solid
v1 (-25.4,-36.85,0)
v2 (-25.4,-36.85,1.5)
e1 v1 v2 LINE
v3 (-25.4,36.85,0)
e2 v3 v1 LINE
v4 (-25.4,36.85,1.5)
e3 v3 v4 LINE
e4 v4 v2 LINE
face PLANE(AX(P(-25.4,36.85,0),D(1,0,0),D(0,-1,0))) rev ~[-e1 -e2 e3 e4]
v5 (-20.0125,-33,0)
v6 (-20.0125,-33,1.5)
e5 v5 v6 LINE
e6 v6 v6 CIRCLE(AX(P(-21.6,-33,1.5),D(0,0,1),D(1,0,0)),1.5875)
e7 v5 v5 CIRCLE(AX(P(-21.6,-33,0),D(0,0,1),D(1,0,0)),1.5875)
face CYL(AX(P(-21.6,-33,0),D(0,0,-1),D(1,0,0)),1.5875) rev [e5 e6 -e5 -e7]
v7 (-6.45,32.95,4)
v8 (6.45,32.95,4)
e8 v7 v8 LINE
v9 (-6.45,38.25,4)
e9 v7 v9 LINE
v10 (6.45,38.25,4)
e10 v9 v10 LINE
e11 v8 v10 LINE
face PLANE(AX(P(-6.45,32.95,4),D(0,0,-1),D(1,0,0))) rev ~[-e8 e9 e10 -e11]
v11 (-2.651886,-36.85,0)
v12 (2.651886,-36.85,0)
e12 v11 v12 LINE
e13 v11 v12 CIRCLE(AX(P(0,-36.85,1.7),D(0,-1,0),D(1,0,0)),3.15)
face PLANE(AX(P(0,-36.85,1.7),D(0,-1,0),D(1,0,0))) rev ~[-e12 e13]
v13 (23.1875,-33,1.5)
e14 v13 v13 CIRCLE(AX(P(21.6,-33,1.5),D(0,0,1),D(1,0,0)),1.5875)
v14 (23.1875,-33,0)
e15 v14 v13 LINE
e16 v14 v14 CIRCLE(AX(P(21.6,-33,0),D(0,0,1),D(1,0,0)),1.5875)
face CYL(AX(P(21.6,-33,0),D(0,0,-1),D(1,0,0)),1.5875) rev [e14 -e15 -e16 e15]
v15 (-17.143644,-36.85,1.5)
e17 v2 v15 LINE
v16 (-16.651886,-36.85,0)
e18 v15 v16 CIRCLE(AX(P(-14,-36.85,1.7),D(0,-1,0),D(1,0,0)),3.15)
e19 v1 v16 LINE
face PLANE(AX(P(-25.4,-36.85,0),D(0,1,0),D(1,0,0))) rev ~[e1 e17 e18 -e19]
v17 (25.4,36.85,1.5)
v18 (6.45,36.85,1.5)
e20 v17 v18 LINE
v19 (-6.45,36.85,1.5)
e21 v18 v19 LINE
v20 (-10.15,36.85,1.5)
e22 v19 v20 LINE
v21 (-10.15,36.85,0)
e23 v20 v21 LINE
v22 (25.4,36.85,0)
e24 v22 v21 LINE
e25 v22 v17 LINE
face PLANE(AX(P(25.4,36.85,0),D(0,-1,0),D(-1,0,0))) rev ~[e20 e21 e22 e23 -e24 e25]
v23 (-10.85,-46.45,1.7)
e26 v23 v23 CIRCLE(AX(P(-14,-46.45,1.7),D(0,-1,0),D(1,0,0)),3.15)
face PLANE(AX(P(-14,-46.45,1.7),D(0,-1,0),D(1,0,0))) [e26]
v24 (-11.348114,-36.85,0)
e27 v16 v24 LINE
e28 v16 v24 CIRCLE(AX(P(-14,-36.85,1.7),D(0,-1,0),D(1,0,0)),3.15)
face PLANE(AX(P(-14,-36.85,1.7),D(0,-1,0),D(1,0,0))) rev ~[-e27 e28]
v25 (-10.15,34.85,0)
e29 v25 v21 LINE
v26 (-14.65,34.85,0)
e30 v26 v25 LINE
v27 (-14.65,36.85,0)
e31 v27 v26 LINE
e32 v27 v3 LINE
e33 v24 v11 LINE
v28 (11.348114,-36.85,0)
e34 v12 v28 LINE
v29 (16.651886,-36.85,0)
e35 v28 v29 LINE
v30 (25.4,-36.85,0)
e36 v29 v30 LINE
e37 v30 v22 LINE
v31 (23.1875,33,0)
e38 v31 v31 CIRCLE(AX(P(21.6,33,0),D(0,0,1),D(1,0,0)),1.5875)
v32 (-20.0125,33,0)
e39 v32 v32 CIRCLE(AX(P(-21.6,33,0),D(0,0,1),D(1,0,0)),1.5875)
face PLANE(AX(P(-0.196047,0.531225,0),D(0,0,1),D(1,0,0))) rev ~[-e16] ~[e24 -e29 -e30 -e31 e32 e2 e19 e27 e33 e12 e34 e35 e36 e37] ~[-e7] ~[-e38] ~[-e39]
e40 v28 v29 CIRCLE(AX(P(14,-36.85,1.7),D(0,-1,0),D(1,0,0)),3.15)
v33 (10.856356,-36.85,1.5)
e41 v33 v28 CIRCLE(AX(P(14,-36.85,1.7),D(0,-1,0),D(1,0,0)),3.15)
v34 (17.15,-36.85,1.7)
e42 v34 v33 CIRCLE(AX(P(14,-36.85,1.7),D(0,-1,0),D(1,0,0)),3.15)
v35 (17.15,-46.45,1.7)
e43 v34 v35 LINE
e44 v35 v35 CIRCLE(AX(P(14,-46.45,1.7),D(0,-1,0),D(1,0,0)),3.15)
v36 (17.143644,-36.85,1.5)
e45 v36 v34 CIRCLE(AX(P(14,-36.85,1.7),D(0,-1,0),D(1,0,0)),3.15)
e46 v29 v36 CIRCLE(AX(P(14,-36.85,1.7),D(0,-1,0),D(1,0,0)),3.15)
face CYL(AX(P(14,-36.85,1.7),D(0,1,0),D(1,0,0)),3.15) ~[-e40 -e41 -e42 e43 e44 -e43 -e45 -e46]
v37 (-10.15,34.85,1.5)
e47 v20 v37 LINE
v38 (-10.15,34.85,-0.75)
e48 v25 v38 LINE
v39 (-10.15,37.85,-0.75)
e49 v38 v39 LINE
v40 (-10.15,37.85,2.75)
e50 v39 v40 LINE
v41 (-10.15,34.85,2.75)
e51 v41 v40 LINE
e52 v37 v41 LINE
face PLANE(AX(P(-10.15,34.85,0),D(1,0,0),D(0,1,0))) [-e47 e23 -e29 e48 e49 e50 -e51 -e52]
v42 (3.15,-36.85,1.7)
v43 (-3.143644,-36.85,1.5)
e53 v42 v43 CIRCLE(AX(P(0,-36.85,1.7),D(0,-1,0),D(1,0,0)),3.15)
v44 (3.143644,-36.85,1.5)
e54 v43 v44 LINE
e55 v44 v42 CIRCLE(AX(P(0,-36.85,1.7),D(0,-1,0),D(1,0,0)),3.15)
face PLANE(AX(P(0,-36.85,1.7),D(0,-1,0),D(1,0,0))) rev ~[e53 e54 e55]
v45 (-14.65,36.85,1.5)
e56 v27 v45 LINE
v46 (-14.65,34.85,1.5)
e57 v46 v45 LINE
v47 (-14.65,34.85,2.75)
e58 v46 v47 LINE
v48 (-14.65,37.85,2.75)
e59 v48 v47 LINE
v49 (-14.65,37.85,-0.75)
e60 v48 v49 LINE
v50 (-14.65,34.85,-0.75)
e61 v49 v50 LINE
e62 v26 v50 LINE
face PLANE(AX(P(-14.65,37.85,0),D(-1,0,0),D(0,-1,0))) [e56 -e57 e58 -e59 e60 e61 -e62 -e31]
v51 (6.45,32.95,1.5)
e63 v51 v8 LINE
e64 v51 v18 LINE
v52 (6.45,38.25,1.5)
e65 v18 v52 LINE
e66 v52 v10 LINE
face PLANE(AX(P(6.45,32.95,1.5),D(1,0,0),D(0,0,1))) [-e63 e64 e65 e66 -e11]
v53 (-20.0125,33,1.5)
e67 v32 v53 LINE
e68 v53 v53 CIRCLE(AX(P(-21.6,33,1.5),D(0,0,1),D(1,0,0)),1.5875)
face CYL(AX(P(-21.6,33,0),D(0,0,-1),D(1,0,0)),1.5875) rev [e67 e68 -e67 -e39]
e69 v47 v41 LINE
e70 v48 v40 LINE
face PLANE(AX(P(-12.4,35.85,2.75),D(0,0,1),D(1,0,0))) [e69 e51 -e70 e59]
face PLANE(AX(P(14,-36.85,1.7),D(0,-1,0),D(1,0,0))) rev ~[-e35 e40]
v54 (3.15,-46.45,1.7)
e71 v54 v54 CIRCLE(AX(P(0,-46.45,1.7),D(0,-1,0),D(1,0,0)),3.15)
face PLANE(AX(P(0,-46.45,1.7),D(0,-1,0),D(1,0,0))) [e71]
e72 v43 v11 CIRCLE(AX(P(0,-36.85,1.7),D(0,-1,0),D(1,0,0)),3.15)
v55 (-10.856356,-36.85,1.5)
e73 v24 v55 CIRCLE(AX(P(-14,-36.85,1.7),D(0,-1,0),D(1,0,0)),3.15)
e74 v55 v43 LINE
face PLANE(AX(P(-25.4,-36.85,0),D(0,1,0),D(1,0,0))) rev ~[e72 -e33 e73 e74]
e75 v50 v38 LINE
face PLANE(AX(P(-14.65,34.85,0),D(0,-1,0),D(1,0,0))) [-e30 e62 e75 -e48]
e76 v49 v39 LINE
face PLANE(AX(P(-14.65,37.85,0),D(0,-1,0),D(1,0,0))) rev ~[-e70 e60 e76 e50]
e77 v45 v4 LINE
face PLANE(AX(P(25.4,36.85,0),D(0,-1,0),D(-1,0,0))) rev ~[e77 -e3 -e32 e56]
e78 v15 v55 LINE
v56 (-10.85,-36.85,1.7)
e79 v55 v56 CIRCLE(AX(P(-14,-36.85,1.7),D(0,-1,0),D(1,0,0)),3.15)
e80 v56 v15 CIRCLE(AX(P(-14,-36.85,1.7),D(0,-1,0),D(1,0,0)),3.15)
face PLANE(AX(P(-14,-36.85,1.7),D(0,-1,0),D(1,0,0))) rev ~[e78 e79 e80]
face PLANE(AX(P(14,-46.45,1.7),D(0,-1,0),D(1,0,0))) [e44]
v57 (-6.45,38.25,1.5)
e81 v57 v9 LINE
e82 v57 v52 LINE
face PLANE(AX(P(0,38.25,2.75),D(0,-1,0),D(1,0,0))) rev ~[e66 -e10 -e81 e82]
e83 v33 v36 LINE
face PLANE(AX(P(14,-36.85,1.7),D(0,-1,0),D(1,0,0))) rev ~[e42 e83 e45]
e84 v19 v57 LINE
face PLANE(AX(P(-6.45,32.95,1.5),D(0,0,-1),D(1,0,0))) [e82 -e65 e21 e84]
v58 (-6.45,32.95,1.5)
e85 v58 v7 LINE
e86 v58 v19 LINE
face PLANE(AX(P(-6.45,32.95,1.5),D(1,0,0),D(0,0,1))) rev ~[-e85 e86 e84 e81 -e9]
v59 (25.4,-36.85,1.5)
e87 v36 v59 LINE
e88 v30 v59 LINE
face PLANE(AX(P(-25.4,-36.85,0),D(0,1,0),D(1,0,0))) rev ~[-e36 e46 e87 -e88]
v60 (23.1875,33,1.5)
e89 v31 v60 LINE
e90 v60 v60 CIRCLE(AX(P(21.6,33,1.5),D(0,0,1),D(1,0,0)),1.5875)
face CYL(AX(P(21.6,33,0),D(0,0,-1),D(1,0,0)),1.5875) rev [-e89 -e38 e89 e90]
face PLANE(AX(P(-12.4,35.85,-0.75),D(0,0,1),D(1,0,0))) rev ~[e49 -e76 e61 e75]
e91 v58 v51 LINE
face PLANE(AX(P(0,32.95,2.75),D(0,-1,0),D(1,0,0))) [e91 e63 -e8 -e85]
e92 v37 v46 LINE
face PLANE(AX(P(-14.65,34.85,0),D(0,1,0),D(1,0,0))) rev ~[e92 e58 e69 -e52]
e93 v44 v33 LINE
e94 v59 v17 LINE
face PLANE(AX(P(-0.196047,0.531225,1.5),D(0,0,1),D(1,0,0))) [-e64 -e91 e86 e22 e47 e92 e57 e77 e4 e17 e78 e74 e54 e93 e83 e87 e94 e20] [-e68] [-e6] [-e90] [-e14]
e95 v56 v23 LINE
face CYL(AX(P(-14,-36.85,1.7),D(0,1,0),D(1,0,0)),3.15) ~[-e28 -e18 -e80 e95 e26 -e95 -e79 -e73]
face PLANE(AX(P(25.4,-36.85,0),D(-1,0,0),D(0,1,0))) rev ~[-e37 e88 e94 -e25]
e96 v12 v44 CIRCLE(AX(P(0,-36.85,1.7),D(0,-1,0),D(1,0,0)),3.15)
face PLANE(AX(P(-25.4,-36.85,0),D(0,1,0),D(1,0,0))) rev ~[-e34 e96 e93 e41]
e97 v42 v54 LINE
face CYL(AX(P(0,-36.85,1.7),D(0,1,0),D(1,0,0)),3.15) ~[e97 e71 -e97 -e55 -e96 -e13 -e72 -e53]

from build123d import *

# Parameters (mm, degrees)
F0_R          = 1.5875
F0_W          = 4.5
F0_H          = 2
F3_DEPTH      = 1.5
F4_START      = 36.85
F1_R          = 3.15
F4_DEPTH      = 9.6
F5_START      = -32.95
F2_W          = 12.9
F2_H          = 2.5
F5_DEPTH      = 5.3
F0_H_2        = 1
F6_DEPTH      = 2.75
F6_DEPTH_BACK = 0.75


with BuildPart() as f3:
    # F0 (on Top) → F3 (new body)
    with BuildSketch(Plane.XY):
        Polygon((-25.4, -36.85), (25.4, -36.85), (25.4, 36.85), (-10.15, 36.85), (-10.15, 34.85), (-14.65, 34.85), (-14.65, 36.85), (-25.4, 36.85), align=None)
        with Locations((-21.6, -33)):
            Circle(F0_R, mode=Mode.SUBTRACT)
        with Locations((21.6, -33)):
            Circle(F0_R, mode=Mode.SUBTRACT)
        with Locations((-21.6, 33)):
            Circle(F0_R, mode=Mode.SUBTRACT)
        with Locations((21.6, 33)):
            Circle(F0_R, mode=Mode.SUBTRACT)
        with Locations((-12.4, 35.85)):
            Rectangle(F0_W, F0_H)
    extrude(amount=F3_DEPTH)

    # F1 (on Front) → F4 (join)
    with BuildSketch(Plane.XZ.offset(F4_START)):
        with Locations((-14, 1.7)):
            Circle(F1_R)
        with Locations((0, 1.7)):
            Circle(F1_R)
        with Locations((14, 1.7)):
            Circle(F1_R)
    extrude(amount=F4_DEPTH)

    # F2 (on Front) → F5 (join)
    with BuildSketch(Plane.XZ.offset(F5_START)):
        with Locations((0, 2.75)):
            Rectangle(F2_W, F2_H)
    extrude(amount=-F5_DEPTH)

    # F0 (on Top) → F6 (join, two sides)
    with BuildSketch(Plane.XY) as f6_sk:
        with Locations((-12.4, 35.85)):
            Rectangle(F0_W, F0_H)
        with Locations((-12.4, 37.35)):
            Rectangle(F0_W, F0_H_2)
    extrude(amount=F6_DEPTH)
    extrude(f6_sk.sketch, amount=-F6_DEPTH_BACK)


solid = f3.part
